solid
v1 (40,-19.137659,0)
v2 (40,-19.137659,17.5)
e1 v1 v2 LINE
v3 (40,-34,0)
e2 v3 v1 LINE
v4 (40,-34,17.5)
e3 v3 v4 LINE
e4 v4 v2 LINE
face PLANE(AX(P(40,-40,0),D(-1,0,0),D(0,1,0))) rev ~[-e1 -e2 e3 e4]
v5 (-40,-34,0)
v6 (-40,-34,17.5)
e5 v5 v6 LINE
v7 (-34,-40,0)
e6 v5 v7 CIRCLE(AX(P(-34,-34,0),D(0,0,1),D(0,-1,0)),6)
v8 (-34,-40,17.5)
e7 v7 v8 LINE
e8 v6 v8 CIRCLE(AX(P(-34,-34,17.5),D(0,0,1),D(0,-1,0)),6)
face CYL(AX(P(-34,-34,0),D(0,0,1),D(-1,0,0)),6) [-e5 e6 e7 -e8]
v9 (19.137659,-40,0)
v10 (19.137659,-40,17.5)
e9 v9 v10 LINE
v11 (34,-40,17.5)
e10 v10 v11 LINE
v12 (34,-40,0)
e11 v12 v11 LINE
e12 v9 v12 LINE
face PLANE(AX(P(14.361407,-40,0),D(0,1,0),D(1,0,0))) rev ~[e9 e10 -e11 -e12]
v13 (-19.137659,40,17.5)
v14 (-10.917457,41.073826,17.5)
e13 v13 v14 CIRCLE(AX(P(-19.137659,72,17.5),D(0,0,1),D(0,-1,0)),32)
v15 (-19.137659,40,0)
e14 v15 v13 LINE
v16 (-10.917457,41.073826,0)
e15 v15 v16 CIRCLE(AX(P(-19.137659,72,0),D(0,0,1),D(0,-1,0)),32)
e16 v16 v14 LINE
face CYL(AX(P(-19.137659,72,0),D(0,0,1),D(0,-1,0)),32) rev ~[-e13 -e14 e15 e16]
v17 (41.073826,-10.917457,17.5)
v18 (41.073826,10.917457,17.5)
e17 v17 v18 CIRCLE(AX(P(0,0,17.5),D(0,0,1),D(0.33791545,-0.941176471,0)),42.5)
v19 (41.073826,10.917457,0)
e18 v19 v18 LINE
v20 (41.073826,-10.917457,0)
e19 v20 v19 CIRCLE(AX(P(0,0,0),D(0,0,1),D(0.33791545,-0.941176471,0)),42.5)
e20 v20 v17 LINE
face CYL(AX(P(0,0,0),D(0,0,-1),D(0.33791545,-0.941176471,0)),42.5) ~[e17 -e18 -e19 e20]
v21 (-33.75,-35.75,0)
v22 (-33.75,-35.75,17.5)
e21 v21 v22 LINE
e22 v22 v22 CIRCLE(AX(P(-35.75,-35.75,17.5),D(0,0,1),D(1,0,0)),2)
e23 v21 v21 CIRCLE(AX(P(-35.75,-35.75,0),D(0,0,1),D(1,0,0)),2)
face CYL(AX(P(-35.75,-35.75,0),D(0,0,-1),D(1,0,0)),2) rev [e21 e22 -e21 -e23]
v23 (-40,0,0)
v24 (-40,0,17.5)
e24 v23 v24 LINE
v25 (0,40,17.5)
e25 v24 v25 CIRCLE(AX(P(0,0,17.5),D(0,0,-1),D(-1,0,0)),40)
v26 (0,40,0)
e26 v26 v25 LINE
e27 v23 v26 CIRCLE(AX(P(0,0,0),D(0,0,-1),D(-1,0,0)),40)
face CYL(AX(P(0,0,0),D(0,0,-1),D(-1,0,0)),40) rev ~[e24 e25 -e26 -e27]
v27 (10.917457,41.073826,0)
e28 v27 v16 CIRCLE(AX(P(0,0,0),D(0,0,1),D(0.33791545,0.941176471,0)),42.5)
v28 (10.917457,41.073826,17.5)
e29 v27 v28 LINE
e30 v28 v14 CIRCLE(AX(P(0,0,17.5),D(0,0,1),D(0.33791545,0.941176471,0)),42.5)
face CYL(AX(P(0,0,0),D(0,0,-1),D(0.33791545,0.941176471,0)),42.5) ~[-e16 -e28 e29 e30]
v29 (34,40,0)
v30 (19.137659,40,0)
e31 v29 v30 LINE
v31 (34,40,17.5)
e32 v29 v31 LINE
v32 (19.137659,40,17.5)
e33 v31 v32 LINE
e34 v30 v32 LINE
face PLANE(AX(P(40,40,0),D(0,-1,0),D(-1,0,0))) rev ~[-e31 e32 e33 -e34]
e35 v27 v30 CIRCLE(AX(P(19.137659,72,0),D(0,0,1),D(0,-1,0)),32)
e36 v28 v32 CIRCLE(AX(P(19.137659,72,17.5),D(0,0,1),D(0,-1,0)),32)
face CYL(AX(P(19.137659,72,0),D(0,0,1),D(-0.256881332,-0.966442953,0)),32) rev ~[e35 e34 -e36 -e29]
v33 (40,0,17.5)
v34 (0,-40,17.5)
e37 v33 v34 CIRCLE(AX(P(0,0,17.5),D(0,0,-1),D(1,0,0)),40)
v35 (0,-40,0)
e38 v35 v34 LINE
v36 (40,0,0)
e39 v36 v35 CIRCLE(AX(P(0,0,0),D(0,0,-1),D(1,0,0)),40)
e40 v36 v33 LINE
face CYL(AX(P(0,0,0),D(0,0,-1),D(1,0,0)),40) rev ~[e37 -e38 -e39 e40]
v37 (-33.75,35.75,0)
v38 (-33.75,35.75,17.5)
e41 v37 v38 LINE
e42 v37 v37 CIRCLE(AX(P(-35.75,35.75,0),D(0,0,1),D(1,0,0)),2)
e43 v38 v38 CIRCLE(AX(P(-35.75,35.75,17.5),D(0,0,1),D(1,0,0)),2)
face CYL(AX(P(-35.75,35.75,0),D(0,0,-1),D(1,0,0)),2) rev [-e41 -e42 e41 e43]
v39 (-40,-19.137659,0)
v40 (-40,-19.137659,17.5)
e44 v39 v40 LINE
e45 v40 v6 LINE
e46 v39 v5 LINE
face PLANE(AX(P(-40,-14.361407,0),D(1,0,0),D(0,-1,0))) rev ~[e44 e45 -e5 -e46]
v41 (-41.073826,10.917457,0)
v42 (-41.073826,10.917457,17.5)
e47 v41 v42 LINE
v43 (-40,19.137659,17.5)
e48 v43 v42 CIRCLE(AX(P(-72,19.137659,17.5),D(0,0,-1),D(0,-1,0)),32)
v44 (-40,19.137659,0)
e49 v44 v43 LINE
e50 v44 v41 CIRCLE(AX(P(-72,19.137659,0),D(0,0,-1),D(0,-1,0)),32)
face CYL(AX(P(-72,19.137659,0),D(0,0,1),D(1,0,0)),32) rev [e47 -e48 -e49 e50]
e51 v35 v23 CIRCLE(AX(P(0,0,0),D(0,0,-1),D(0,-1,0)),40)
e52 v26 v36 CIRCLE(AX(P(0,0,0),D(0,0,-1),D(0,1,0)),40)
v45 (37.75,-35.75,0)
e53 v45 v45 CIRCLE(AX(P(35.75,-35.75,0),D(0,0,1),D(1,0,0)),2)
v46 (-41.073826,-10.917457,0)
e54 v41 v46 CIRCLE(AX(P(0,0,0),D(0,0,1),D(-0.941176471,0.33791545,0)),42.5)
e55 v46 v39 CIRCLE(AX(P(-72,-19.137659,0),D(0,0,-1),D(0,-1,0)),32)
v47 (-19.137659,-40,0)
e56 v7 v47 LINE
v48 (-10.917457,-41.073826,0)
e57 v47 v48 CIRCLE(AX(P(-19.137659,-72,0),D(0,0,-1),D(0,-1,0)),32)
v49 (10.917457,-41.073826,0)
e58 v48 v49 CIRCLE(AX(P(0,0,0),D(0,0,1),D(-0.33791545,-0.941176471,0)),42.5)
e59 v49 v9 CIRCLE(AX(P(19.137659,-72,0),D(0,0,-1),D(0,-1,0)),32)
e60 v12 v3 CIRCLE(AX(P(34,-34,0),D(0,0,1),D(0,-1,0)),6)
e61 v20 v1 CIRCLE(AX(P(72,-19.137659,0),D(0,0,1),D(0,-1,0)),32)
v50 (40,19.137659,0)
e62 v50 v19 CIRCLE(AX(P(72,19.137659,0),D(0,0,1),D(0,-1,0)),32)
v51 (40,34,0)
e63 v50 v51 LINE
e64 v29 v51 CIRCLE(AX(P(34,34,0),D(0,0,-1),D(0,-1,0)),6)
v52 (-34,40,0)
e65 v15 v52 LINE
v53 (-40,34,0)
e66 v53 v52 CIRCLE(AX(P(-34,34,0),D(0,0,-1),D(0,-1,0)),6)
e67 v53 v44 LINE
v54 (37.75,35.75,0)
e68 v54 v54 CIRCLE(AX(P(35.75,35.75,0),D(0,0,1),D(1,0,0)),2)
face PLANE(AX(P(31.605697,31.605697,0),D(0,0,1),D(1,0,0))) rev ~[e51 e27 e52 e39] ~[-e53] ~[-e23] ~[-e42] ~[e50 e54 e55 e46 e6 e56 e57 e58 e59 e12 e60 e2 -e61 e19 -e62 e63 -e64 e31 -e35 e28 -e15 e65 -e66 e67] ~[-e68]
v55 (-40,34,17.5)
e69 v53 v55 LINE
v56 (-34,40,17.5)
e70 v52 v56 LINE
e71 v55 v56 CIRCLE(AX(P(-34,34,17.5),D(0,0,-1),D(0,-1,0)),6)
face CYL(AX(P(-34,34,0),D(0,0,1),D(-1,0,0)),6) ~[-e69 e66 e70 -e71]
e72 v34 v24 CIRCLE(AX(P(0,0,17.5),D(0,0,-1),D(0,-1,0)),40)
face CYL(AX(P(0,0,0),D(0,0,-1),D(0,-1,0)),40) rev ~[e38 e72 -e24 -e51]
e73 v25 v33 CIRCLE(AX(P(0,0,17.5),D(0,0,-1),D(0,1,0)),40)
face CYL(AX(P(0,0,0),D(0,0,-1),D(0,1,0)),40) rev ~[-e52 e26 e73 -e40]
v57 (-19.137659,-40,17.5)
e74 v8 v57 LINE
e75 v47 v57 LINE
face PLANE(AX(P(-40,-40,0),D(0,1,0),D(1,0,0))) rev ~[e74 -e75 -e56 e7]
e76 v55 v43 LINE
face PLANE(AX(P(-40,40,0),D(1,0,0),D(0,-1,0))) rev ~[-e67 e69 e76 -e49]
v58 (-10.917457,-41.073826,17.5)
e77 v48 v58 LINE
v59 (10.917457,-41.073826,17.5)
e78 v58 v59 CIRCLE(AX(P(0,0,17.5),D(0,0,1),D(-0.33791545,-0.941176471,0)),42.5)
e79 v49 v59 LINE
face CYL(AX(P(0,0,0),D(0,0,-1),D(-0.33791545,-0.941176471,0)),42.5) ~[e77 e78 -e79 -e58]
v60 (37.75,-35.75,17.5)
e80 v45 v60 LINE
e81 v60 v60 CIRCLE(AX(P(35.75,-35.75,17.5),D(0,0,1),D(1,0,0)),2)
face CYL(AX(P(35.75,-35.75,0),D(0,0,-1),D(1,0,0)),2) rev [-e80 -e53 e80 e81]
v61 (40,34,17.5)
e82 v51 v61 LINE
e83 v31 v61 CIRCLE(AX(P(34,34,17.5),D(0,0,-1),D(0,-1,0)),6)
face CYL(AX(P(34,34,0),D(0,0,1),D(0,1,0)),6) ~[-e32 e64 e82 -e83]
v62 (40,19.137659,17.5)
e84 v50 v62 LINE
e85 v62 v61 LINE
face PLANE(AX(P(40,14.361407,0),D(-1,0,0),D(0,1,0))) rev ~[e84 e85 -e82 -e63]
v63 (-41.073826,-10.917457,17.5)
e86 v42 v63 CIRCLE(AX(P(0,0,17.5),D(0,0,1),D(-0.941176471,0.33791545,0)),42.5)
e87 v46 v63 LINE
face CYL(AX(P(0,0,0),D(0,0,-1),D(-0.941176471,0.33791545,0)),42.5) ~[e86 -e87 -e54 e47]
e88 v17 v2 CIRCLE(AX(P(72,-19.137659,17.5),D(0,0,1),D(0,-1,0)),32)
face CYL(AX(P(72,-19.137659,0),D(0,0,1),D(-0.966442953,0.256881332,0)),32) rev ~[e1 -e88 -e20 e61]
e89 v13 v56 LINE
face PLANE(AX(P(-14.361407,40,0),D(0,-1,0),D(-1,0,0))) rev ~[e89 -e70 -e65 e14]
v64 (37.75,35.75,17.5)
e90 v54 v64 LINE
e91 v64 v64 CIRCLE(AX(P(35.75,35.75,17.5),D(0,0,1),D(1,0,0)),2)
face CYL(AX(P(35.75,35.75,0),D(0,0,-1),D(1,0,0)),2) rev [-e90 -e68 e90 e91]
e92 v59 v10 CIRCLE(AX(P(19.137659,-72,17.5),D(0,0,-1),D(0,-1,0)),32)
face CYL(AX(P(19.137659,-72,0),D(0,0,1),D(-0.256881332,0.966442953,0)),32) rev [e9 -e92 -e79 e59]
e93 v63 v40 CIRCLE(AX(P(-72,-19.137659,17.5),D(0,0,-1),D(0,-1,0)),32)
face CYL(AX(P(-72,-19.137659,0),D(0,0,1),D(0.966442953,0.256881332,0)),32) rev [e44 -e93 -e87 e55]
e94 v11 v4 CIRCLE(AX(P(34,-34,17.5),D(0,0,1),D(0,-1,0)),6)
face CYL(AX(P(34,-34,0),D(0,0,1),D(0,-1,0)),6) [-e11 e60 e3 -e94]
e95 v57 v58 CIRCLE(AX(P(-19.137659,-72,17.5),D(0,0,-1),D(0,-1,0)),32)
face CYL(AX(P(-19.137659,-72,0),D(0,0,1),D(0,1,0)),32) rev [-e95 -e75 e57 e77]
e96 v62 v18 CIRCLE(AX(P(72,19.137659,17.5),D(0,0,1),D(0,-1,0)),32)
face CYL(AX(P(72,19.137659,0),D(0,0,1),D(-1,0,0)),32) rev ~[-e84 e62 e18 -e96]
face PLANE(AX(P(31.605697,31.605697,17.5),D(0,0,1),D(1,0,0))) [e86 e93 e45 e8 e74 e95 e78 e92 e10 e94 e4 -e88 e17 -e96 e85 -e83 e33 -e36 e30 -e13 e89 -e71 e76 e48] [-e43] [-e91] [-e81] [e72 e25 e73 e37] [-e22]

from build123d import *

# Parameters (mm, degrees)
F0_R     = 2
F1_DEPTH = 17.5
F2_R     = 6
F3_R     = 32


with BuildPart() as f1:
    # F0 (on Top) → F1 (new body)
    with BuildSketch(Plane.XY):
        with BuildLine():
            Line((40, 14.3614066163), (40, 40))
            Line((40, 40), (14.3614066163, 40))
            ThreePointArc((14.3614066163, 40), (30.0520382004, 30.0520382004), (40, 14.3614066163))
        make_face()
        with Locations((35.75, 35.75)):
            Circle(F0_R, mode=Mode.SUBTRACT)
        with BuildLine():
            ThreePointArc((40, 14.3614066163), (30.0520382004, 30.0520382004), (14.3614066163, 40))
            Line((14.3614066163, 40), (0, 40))
            ThreePointArc((0, 40), (28.2842712475, 28.2842712475), (40, 0))
            Line((40, 0), (40, 14.3614066163))
        make_face()
        with BuildLine():
            Line((0, 40), (14.3614066163, 40))
            ThreePointArc((14.3614066163, 40), (0, 42.5), (-14.3614066163, 40))
            Line((-14.3614066163, 40), (0, 40))
        make_face()
        with BuildLine():
            ThreePointArc((42.5, 0), (41.8703355611, 7.2886898686), (40, 14.3614066163))
            Line((40, 14.3614066163), (40, 0))
            Line((40, 0), (40, -14.3614066163))
            ThreePointArc((40, -14.3614066163), (41.8703355611, -7.2886898686), (42.5, 0))
        make_face()
        with BuildLine():
            ThreePointArc((-40, 0), (-28.2842712475, 28.2842712475), (0, 40))
            Line((0, 40), (-14.3614066163, 40))
            ThreePointArc((-14.3614066163, 40), (-30.0520382004, 30.0520382004), (-40, 14.3614066163))
            Line((-40, 14.3614066163), (-40, 0))
        make_face()
        with BuildLine():
            ThreePointArc((-40, 14.3614066163), (-30.0520382004, 30.0520382004), (-14.3614066163, 40))
            Line((-14.3614066163, 40), (-40, 40))
            Line((-40, 40), (-40, 14.3614066163))
        make_face()
        with Locations((-35.75, 35.75)):
            Circle(F0_R, mode=Mode.SUBTRACT)
        with BuildLine():
            Line((40, -14.3614066163), (40, 0))
            ThreePointArc((40, 0), (28.2842712475, -28.2842712475), (0, -40))
            Line((0, -40), (14.3614066163, -40))
            ThreePointArc((14.3614066163, -40), (30.0520382004, -30.0520382004), (40, -14.3614066163))
        make_face()
        with BuildLine():
            Line((-40, -14.3614066163), (-40, 0))
            Line((-40, 0), (-40, 14.3614066163))
            ThreePointArc((-40, 14.3614066163), (-42.5, 0), (-40, -14.3614066163))
        make_face()
        with BuildLine():
            ThreePointArc((0, -40), (-28.2842712475, -28.2842712475), (-40, 0))
            Line((-40, 0), (-40, -14.3614066163))
            ThreePointArc((-40, -14.3614066163), (-30.0520382004, -30.0520382004), (-14.3614066163, -40))
            Line((-14.3614066163, -40), (0, -40))
        make_face()
        with BuildLine():
            Line((40, -40), (40, -14.3614066163))
            ThreePointArc((40, -14.3614066163), (30.0520382004, -30.0520382004), (14.3614066163, -40))
            Line((14.3614066163, -40), (40, -40))
        make_face()
        with Locations((35.75, -35.75)):
            Circle(F0_R, mode=Mode.SUBTRACT)
        with BuildLine():
            Line((14.3614066163, -40), (0, -40))
            Line((0, -40), (-14.3614066163, -40))
            ThreePointArc((-14.3614066163, -40), (0, -42.5), (14.3614066163, -40))
        make_face()
        with BuildLine():
            ThreePointArc((-14.3614066163, -40), (-30.0520382004, -30.0520382004), (-40, -14.3614066163))
            Line((-40, -14.3614066163), (-40, -40))
            Line((-40, -40), (-14.3614066163, -40))
        make_face()
        with Locations((-35.75, -35.75)):
            Circle(F0_R, mode=Mode.SUBTRACT)
    extrude(amount=F1_DEPTH)

    # F2
    f2_edges = [f1.edges().sort_by_distance(p)[0] for p in [
        (-40, -40, 8.75),
        (40, -40, 8.75),
        (-40, 40, 8.75),
        (40, 40, 8.75),
    ]]
    fillet(f2_edges, radius=F2_R)

    # F3
    f3_edges = [f1.edges().sort_by_distance(p)[0] for p in [
        (-40, 14.361407, 8.75),
        (-40, -14.361407, 8.75),
        (-14.361407, -40, 8.75),
        (14.361407, -40, 8.75),
        (40, -14.361407, 8.75),
        (40, 14.361407, 8.75),
        (14.361407, 40, 8.75),
        (-14.361407, 40, 8.75),
    ]]
    fillet(f3_edges, radius=F3_R)


solid = f1.part
